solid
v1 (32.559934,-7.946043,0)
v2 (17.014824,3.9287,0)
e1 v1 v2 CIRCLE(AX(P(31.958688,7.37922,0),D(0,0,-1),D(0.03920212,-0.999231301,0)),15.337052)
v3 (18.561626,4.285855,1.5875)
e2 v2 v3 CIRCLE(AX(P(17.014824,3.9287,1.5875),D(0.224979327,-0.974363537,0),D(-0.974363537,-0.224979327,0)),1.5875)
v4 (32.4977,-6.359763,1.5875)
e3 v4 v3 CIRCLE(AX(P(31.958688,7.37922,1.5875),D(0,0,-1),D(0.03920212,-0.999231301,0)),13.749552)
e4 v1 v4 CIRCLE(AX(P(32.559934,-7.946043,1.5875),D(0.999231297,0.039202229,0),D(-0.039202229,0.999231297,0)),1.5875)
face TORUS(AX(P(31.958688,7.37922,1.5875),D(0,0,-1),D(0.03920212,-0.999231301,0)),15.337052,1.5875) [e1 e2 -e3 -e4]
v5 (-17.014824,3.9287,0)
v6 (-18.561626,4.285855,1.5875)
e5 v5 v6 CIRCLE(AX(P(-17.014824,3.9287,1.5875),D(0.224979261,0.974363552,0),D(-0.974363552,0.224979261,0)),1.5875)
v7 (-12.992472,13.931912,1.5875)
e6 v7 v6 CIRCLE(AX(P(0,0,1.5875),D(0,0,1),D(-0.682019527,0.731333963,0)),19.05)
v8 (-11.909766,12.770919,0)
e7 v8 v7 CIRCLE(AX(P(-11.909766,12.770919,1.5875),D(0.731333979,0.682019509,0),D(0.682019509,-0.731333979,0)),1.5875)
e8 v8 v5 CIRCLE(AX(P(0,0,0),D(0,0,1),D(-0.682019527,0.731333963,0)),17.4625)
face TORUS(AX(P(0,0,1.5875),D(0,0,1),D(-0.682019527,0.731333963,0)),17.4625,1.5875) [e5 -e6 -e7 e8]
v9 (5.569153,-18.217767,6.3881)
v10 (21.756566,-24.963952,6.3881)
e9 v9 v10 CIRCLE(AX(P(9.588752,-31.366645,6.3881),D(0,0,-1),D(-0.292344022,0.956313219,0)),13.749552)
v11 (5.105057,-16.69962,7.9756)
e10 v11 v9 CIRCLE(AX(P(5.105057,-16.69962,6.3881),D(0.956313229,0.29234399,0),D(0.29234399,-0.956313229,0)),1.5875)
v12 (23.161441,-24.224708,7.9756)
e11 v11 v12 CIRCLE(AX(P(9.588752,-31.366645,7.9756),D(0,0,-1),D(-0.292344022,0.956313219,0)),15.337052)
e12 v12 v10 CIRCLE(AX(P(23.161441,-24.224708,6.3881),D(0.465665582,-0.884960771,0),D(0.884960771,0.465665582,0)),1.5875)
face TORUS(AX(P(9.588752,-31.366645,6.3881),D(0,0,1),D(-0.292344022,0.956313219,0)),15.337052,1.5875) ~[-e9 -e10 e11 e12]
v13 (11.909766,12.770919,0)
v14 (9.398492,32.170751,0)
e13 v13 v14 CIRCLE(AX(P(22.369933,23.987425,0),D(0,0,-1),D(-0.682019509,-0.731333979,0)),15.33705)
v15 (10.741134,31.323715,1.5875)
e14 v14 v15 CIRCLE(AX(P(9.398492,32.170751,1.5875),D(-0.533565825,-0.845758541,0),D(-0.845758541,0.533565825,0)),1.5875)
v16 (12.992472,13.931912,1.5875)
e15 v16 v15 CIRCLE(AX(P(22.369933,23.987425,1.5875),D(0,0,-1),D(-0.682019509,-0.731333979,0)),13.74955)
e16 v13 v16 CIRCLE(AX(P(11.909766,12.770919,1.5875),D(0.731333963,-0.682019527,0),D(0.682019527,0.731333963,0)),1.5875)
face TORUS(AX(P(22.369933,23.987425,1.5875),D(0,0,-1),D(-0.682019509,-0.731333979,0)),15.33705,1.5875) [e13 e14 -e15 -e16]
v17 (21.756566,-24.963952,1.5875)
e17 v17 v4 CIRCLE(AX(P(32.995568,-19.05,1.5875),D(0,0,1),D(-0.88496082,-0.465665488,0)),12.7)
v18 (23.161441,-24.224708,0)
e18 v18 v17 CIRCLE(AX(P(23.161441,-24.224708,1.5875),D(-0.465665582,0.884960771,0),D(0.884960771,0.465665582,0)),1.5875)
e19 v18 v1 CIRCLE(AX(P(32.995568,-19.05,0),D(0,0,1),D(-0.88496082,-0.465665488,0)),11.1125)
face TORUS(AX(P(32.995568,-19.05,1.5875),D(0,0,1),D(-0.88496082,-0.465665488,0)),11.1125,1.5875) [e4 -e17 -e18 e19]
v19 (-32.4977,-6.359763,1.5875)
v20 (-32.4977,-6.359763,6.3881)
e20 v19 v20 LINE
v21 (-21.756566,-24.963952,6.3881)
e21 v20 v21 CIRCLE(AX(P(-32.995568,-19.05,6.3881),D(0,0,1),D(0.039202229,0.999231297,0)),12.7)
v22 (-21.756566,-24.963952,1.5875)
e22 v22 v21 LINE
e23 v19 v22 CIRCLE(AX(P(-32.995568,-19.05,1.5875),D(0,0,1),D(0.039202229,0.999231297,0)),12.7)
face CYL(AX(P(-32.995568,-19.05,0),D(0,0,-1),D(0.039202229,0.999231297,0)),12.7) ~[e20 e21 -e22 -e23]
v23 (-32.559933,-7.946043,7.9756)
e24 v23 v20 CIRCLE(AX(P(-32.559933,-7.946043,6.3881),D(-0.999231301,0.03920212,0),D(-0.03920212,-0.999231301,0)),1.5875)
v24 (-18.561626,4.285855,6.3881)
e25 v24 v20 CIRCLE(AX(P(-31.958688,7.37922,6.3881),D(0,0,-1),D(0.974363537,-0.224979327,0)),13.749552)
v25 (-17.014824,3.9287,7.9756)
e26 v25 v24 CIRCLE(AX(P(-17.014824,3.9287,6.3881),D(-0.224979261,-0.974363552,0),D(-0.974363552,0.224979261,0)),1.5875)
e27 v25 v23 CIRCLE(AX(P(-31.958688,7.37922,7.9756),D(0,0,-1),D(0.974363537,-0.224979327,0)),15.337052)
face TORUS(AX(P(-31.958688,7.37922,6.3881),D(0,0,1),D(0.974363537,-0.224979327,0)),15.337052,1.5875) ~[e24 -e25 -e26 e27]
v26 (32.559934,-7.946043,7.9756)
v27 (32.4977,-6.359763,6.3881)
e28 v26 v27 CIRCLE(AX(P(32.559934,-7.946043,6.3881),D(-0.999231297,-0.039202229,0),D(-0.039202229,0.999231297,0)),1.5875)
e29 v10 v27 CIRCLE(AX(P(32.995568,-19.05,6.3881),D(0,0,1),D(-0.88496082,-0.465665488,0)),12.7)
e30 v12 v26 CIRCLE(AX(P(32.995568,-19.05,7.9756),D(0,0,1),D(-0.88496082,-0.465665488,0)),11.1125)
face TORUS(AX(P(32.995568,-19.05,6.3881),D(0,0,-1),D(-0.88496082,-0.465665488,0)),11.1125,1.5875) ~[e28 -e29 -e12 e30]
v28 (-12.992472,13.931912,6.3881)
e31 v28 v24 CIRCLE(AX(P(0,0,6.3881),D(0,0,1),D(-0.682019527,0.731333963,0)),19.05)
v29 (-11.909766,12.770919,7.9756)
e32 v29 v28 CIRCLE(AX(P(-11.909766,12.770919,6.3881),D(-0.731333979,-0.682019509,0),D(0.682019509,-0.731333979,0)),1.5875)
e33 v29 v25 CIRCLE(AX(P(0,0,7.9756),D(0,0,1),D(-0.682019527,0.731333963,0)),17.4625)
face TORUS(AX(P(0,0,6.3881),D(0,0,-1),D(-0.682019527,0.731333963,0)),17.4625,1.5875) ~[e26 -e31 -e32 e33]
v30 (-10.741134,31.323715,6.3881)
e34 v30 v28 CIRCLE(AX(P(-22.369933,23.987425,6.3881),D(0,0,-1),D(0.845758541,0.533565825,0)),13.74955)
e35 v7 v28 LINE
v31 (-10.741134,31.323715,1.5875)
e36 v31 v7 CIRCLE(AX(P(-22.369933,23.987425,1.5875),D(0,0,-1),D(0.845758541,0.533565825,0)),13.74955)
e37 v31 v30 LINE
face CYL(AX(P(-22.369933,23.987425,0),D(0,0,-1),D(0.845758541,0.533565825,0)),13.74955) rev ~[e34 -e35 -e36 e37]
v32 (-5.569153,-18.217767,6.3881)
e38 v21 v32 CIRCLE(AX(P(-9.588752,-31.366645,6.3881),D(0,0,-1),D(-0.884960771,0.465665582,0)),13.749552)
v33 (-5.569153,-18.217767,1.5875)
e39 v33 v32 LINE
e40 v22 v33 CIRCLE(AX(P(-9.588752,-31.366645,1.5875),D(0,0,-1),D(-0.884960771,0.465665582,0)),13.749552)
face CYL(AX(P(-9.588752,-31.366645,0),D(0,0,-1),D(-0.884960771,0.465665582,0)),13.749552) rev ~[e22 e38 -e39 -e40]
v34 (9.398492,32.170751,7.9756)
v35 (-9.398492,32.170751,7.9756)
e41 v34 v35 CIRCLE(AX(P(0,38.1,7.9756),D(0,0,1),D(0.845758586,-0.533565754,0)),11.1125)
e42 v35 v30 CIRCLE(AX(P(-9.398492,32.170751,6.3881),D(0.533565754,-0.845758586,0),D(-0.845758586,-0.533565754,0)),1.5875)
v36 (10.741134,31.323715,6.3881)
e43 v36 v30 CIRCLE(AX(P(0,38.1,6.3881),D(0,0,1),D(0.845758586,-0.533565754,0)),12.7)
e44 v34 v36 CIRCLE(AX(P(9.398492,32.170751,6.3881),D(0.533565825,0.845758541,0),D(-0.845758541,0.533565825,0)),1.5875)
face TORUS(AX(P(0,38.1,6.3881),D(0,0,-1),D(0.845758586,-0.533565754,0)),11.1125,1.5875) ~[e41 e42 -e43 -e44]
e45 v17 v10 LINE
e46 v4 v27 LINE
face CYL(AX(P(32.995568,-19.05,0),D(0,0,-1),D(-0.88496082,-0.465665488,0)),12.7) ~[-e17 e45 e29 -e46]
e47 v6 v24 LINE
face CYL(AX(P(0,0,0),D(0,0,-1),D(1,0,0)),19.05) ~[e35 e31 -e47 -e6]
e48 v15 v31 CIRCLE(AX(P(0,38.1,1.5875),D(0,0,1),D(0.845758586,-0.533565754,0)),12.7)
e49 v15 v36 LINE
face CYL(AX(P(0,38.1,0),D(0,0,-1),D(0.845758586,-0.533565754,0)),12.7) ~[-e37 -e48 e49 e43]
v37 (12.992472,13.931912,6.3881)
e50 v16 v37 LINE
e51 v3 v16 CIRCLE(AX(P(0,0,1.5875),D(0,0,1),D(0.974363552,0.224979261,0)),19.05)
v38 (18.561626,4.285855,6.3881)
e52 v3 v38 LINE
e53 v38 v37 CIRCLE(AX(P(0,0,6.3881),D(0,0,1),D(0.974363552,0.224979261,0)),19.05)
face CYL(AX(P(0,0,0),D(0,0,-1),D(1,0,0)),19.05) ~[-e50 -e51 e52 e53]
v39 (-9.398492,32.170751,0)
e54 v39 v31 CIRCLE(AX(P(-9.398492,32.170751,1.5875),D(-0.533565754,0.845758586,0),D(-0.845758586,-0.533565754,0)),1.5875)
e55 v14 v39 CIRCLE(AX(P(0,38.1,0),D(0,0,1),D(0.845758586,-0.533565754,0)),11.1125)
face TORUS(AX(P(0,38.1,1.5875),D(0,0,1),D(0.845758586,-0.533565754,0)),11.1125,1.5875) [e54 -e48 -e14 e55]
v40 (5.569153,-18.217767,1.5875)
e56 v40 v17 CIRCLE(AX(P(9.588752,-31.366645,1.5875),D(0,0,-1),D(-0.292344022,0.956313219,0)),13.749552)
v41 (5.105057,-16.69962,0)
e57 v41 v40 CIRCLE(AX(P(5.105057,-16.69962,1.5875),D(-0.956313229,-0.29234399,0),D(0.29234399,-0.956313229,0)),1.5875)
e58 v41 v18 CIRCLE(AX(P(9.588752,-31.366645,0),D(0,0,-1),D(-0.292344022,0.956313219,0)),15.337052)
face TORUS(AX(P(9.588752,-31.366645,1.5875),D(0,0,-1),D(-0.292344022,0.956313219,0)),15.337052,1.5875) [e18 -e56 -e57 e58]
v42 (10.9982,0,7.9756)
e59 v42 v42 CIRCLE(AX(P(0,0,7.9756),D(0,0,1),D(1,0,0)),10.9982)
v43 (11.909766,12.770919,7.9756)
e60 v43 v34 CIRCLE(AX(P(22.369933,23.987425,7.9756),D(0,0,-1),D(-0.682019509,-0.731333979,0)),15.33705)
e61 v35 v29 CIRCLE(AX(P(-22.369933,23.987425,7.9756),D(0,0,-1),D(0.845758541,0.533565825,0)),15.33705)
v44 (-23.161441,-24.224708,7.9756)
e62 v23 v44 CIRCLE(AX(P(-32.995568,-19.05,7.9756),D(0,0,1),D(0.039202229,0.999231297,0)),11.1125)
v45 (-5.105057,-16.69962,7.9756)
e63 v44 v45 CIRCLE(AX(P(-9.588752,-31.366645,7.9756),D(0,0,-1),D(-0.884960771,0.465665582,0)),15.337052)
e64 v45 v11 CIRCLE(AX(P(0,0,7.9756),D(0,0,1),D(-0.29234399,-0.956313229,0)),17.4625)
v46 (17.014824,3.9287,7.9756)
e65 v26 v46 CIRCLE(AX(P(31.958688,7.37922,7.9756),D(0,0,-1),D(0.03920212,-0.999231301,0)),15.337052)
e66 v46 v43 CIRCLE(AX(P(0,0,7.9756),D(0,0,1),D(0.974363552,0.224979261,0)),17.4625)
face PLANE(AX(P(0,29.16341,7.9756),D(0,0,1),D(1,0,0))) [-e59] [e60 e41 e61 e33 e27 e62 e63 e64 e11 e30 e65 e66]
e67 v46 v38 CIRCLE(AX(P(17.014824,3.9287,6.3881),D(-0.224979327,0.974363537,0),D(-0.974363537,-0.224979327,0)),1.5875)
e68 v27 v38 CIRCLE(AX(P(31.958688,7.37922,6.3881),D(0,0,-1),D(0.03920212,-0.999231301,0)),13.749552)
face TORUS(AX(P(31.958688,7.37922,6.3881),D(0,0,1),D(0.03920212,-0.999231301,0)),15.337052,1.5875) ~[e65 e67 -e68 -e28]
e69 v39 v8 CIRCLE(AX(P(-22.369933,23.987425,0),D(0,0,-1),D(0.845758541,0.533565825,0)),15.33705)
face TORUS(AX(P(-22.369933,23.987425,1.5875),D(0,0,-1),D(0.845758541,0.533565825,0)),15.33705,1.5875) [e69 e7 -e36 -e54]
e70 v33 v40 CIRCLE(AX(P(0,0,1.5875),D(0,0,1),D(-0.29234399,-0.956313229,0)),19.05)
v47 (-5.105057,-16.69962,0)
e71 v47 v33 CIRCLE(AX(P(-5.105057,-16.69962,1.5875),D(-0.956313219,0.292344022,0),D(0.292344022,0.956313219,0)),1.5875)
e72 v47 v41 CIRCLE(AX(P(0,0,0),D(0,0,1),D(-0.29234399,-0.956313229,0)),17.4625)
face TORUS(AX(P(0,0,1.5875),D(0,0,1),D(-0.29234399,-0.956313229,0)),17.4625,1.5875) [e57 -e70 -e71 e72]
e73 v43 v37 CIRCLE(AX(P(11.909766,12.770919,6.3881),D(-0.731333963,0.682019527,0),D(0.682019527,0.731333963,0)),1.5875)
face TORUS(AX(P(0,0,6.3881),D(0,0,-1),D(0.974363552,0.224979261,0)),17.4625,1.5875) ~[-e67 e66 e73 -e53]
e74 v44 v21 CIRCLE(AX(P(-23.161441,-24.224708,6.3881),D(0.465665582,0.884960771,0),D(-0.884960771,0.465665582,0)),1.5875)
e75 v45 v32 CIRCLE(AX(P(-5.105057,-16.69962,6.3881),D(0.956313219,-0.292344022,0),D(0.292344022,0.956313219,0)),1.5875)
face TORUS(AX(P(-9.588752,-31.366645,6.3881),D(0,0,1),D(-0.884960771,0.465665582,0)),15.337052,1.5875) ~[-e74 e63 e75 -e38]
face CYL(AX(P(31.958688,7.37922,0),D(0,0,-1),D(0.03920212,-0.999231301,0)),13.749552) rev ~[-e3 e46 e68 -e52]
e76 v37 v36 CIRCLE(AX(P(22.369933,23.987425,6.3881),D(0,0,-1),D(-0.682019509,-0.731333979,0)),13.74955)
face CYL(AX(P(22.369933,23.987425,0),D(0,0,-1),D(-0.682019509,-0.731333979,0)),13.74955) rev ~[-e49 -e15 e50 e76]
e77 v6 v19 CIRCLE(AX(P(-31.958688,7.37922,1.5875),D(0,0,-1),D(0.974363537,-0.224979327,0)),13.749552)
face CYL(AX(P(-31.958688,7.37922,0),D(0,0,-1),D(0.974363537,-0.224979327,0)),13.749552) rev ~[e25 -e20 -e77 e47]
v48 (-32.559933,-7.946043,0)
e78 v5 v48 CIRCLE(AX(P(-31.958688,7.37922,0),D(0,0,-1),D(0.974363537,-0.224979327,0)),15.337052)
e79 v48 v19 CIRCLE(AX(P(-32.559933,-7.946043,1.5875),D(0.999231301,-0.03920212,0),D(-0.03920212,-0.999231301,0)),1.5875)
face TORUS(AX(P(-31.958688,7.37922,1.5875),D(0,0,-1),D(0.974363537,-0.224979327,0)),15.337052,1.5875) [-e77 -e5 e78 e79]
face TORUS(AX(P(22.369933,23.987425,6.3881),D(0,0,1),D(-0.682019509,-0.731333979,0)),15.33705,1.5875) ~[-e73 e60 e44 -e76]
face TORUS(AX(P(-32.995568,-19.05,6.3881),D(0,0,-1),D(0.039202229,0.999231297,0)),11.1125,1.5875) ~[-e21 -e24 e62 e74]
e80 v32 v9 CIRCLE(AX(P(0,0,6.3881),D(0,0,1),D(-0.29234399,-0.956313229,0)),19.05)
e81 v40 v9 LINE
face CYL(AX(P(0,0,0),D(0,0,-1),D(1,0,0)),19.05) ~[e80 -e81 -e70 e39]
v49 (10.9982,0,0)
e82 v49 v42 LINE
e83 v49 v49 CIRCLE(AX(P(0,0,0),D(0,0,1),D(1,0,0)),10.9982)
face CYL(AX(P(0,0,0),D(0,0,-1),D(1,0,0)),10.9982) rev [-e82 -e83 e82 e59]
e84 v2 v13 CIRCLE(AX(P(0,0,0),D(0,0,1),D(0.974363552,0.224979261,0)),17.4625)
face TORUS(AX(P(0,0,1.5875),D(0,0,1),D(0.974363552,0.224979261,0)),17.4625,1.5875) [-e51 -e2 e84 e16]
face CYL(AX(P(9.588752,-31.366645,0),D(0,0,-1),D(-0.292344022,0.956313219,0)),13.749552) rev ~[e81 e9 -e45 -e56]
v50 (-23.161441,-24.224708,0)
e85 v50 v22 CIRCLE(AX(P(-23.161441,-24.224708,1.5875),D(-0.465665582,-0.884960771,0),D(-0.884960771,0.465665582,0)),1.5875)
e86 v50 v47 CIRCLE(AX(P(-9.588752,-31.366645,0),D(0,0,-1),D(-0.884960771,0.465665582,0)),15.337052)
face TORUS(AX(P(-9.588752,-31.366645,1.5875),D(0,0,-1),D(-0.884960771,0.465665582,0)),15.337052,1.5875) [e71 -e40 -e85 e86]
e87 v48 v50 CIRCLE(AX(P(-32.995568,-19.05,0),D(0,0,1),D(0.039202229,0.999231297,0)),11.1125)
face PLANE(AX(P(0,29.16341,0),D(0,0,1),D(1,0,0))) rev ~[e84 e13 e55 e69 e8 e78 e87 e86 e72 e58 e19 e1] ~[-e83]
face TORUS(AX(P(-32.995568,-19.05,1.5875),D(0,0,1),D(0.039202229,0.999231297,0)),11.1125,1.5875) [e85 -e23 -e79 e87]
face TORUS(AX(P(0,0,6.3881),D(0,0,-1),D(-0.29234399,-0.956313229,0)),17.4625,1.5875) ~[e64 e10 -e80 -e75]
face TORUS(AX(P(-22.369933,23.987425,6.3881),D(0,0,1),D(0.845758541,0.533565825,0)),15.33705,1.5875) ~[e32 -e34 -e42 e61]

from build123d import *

# Parameters (mm, degrees)
F0_R     = 19.05
F0_R_2   = 10.9982
F1_DEPTH = 7.9756
F3_DEPTH = 7.9756
F4_R     = 1.5875


with BuildPart() as f1:
    # F0 (on Top) → F1 (new body)
    with BuildSketch(Plane.XY):
        Circle(F0_R)
        Circle(F0_R_2, mode=Mode.SUBTRACT)
    extrude(amount=F1_DEPTH)

    # F2 (on Top) → F3 (join)
    with BuildSketch(Plane.XY):
        with BuildLine():
            ThreePointArc((12.992472, 13.931912), (8.734155, 22.222298), (10.741134, 31.323715))
            ThreePointArc((10.741134, 31.323715), (0, 50.8), (-10.741134, 31.323715))
            ThreePointArc((-10.741134, 31.323715), (-8.734155, 22.222298), (-12.992472, 13.931912))
            Line((-12.992472, 13.931912), (12.992472, 13.931912))
        make_face()
        with BuildLine():
            ThreePointArc((-21.756566, -24.963952), (-14.877996, -18.675149), (-5.569153, -18.217767))
            Line((-5.569153, -18.217767), (-18.561626, 4.285855))
            ThreePointArc((-18.561626, 4.285855), (-23.612152, -3.547148), (-32.4977, -6.359763))
            ThreePointArc((-32.4977, -6.359763), (-43.994091, -25.4), (-21.756566, -24.963952))
        make_face()
        with BuildLine():
            ThreePointArc((32.4977, -6.359763), (23.612152, -3.547148), (18.561626, 4.285855))
            Line((18.561626, 4.285855), (5.569153, -18.217767))
            ThreePointArc((5.569153, -18.217767), (14.877996, -18.675149), (21.756566, -24.963952))
            ThreePointArc((21.756566, -24.963952), (43.994091, -25.4), (32.4977, -6.359763))
        make_face()
    extrude(amount=F3_DEPTH)

    # F4
    f4_edges = [f1.edges().sort_by_distance(p)[0] for p in [
        (-14.877996, -18.675149, 7.9756),
        (-14.877996, -18.675149, 0),
    ]]
    fillet(f4_edges, radius=F4_R)


solid = f1.part
